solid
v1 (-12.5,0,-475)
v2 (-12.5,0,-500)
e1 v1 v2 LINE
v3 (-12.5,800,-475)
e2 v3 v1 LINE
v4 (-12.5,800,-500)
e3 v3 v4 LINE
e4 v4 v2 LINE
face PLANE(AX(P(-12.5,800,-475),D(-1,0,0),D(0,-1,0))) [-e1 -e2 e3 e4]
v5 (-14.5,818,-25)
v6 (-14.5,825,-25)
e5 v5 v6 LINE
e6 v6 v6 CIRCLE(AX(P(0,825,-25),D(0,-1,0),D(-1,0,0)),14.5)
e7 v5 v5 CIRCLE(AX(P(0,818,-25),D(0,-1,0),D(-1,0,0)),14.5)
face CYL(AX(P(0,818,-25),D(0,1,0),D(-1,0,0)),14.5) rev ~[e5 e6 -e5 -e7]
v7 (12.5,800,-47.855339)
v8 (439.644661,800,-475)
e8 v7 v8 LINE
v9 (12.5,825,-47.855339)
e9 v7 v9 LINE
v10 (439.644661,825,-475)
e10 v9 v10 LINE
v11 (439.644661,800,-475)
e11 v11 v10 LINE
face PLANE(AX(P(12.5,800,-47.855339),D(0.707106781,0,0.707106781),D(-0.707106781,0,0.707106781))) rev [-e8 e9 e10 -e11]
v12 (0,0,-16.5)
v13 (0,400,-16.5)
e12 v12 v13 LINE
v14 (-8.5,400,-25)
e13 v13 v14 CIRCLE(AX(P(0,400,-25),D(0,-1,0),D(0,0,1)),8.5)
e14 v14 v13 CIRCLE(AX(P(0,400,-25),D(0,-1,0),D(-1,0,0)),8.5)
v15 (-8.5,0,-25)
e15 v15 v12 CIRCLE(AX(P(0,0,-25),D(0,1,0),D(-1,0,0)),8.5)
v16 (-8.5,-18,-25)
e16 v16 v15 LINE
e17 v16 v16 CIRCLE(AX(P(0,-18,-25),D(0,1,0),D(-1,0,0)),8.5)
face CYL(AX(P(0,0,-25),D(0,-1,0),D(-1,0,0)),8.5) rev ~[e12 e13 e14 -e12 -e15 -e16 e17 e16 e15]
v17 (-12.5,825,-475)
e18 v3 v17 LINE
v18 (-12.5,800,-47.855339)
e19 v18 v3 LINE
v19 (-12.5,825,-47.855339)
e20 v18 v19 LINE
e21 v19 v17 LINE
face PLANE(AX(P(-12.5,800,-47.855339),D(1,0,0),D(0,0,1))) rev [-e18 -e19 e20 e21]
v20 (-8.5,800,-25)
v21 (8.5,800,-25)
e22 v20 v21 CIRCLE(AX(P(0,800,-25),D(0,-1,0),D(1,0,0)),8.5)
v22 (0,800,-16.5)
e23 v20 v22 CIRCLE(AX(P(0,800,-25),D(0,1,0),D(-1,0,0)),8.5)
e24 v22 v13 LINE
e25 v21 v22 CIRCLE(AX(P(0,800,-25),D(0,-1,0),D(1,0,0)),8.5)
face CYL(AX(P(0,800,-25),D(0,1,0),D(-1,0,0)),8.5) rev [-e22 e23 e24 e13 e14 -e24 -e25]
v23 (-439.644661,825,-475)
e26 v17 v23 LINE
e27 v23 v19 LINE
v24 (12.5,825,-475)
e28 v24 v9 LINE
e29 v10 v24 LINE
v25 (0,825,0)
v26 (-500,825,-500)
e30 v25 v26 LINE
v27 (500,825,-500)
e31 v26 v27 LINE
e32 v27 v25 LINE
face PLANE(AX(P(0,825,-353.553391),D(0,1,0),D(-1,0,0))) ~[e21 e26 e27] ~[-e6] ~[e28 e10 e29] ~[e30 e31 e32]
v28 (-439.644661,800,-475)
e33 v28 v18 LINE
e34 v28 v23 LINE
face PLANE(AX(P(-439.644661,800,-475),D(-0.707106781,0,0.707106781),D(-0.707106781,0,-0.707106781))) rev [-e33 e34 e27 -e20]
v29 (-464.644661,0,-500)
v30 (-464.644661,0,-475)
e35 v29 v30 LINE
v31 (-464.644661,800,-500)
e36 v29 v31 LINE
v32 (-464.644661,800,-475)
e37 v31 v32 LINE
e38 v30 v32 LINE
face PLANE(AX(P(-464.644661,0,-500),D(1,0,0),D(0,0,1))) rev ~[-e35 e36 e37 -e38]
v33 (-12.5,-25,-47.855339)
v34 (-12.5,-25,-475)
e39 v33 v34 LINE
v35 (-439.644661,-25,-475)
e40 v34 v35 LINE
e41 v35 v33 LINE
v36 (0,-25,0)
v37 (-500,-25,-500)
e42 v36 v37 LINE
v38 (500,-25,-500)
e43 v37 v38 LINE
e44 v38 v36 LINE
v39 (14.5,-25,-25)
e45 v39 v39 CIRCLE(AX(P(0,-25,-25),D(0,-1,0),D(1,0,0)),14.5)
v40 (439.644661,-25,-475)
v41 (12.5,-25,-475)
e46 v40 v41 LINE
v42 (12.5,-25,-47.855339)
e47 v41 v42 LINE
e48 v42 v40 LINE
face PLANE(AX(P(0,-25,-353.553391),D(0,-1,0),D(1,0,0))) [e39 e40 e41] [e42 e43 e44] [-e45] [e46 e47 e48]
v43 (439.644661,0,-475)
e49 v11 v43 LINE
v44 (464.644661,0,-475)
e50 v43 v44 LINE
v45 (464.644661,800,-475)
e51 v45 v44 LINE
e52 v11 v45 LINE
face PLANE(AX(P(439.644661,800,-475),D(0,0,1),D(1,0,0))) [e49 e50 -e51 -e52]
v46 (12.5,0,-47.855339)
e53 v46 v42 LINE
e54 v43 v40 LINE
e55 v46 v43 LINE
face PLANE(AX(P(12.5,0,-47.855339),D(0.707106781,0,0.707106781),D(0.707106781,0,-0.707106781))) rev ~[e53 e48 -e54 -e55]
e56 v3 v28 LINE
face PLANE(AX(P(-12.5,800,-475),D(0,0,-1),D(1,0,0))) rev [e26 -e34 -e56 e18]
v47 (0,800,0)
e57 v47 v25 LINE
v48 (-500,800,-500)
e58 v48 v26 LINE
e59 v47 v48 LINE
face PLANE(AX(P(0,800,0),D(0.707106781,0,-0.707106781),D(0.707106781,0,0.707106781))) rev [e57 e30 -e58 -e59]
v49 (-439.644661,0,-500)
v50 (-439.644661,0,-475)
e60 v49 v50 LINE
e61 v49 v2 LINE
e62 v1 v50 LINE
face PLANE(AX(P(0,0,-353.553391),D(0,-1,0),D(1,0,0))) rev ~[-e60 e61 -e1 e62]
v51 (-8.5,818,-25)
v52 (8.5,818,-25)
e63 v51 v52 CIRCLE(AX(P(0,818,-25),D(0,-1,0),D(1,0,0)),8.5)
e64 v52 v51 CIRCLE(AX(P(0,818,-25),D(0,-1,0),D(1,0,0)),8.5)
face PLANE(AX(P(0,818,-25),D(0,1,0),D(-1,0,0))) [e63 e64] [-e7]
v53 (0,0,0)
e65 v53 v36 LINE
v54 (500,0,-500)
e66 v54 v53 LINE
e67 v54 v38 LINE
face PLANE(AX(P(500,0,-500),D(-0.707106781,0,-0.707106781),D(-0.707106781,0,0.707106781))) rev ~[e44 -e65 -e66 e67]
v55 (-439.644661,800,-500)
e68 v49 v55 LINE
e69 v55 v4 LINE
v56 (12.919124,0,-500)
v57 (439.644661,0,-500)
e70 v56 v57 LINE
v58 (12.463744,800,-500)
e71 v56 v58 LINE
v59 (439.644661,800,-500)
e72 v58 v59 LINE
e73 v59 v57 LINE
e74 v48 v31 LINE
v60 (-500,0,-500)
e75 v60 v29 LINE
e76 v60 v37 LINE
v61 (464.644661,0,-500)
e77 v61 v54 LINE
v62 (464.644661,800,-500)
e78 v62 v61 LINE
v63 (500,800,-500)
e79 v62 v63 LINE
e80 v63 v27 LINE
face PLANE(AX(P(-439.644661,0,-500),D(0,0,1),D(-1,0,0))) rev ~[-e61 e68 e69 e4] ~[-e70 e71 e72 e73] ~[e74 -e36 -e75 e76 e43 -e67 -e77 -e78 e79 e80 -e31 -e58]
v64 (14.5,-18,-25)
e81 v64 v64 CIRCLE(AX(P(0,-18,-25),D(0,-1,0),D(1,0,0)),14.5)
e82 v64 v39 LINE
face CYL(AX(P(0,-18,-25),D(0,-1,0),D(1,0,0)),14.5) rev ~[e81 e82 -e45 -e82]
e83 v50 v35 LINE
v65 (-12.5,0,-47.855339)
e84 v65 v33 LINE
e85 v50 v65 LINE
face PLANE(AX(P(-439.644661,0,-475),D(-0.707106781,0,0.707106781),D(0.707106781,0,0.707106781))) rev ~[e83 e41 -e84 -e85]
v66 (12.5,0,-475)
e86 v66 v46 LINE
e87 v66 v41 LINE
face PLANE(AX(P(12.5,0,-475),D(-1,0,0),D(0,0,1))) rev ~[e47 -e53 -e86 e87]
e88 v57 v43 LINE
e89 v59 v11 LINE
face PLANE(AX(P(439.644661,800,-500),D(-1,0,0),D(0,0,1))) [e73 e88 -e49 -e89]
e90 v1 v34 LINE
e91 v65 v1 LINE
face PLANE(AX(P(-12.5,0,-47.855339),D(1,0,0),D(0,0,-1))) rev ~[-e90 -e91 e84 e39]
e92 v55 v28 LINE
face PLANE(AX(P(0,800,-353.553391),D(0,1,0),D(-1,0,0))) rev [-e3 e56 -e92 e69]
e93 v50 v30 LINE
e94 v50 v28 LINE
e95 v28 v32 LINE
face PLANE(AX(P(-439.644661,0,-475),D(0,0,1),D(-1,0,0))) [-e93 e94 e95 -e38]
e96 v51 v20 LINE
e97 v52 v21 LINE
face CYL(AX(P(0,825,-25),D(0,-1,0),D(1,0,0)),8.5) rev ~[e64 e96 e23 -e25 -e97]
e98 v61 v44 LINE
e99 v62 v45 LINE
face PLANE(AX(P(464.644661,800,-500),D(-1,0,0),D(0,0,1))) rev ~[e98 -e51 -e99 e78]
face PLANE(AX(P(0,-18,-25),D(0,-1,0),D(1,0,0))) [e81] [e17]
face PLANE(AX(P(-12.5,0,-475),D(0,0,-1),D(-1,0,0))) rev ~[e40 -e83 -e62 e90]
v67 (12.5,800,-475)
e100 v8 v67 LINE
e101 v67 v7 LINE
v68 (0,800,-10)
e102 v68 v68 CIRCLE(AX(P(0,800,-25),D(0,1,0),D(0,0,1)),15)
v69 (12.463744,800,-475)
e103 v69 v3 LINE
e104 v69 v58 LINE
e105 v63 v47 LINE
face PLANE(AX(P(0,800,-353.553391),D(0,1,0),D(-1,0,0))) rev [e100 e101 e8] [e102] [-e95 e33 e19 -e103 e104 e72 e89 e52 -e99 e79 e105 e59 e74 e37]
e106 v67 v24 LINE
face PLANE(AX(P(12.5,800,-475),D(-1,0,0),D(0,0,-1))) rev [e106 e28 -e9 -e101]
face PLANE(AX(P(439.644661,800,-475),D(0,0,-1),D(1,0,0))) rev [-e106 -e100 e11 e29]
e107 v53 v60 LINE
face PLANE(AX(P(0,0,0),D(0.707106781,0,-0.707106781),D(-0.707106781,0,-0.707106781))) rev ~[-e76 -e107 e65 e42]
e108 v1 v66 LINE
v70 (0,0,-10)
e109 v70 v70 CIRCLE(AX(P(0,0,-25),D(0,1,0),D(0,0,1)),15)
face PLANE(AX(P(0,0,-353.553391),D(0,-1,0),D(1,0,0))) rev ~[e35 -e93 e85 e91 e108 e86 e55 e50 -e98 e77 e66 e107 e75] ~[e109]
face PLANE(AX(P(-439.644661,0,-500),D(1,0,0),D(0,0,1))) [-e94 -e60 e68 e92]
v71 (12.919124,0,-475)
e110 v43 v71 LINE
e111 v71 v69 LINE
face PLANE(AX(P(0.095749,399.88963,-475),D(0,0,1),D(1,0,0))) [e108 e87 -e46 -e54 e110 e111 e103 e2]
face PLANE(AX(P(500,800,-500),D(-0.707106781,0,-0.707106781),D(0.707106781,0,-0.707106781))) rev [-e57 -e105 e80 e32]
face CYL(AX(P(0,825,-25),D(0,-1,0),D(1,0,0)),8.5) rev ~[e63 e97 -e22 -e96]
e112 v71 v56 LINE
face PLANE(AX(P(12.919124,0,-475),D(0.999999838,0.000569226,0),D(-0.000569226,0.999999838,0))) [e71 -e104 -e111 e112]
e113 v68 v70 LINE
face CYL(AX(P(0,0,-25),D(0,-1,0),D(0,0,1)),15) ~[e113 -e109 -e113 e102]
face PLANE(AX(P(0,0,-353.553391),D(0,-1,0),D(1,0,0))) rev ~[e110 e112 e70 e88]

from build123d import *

# Parameters (mm, degrees)
F1_DEPTH       = 25
F6_D           = 17
F6_DEPTH       = 100
F6_CBORE_D     = 29
F6_CBORE_DEPTH = 7
F6_TIP         = 5.1073152617
F8_D           = 17
F8_DEPTH       = 100
F8_CBORE_D     = 29
F8_CBORE_DEPTH = 7
F8_TIP         = 5.1073152617
F9_DEPTH       = 400
F12_DEPTH      = 25
F13_W          = 25
F13_H          = 25
F14_DEPTH      = 800
F15_W          = 25
F15_H          = 25
F16_DEPTH      = 800


with BuildPart() as f1:
    # F0 (on Front) → F1 (new body)
    with BuildSketch(Plane.XZ):
        Polygon((-500, -500), (0, -500), (500, -500), (0, 0), align=None)
        Polygon((-12.5, -47.8553390593), (-12.5, -475), (-439.6446609407, -475), align=None, mode=Mode.SUBTRACT)
        Polygon((439.6446609407, -475), (12.5, -475), (12.5, -47.8553390593), align=None, mode=Mode.SUBTRACT)
    extrude(amount=F1_DEPTH)


with BuildPart() as f3_1:
    # F3: instance of F1
    add(f1.part.mirror(Plane.XZ.offset(-400)))

    # F6
    with Locations(Plane(origin=(0, 825, 0), x_dir=(-1, 0, 0), z_dir=(0, 1, 0))):
        with Locations((0, -25)):
            CounterBoreHole(F6_D / 2, F6_CBORE_D / 2, F6_CBORE_DEPTH, depth=F6_DEPTH)
            with Locations((0, 0, -(F6_DEPTH + F6_TIP / 2))):  # 118° drill point
                Cone(0, F6_D / 2, F6_TIP, mode=Mode.SUBTRACT)


with BuildPart() as f1_1:
    add(f1.part)

    # F8
    with Locations(Plane.XZ.offset(25)):
        with Locations((0, -25)):
            CounterBoreHole(F8_D / 2, F8_CBORE_D / 2, F8_CBORE_DEPTH, depth=F8_DEPTH)
            with Locations((0, 0, -(F8_DEPTH + F8_TIP / 2))):  # 118° drill point
                Cone(0, F8_D / 2, F8_TIP, mode=Mode.SUBTRACT)

    # F4 (on face) → F9 (join)
    with BuildSketch(Plane(origin=(0, 0, 0), x_dir=(-1, 0, 0), z_dir=(0, 1, 0))):
        with BuildLine():
            ThreePointArc((15, -25), (10.6066017178, -14.3933982822), (0, -10))
            ThreePointArc((0, -10), (-10.6066017178, -35.6066017178), (15, -25))
        make_face()
        with BuildLine():
            ThreePointArc((8.5, -25), (-6.0104076401, -31.0104076401), (0, -16.5))
            ThreePointArc((0, -16.5), (6.0104076401, -18.9895923599), (8.5, -25))
        make_face(mode=Mode.SUBTRACT)
    extrude(amount=F9_DEPTH)



with BuildPart() as f1_2:
    add(f1_1.part)

    add(f3_1.part)  # F10 merges F3_1
    # F10: F1 across plane
    add(f1_1.part.mirror(Plane.XZ.offset(-400)))

    # F11 (on face) → F12 (join)
    with BuildSketch(Plane.XY.offset(-475)):
        Polygon((12.4637438569, 800), (-12.5, 800), (-12.5, 0), (12.9191244142, 0), align=None)
    extrude(amount=-F12_DEPTH)

    # F13 (on face) → F14 (join)
    with BuildSketch(Plane.XZ.offset(-800)):
        with Locations((452.1446609407, -487.5)):
            Rectangle(F13_W, F13_H)
    extrude(amount=F14_DEPTH)

    # F15 (on face) → F16 (join)
    with BuildSketch(Plane(origin=(0, 0, 0), x_dir=(-1, 0, 0), z_dir=(0, 1, 0))):
        with Locations((452.1446609407, -487.5)):
            Rectangle(F15_W, F15_H)
    extrude(amount=F16_DEPTH)


solid = f1_2.part
